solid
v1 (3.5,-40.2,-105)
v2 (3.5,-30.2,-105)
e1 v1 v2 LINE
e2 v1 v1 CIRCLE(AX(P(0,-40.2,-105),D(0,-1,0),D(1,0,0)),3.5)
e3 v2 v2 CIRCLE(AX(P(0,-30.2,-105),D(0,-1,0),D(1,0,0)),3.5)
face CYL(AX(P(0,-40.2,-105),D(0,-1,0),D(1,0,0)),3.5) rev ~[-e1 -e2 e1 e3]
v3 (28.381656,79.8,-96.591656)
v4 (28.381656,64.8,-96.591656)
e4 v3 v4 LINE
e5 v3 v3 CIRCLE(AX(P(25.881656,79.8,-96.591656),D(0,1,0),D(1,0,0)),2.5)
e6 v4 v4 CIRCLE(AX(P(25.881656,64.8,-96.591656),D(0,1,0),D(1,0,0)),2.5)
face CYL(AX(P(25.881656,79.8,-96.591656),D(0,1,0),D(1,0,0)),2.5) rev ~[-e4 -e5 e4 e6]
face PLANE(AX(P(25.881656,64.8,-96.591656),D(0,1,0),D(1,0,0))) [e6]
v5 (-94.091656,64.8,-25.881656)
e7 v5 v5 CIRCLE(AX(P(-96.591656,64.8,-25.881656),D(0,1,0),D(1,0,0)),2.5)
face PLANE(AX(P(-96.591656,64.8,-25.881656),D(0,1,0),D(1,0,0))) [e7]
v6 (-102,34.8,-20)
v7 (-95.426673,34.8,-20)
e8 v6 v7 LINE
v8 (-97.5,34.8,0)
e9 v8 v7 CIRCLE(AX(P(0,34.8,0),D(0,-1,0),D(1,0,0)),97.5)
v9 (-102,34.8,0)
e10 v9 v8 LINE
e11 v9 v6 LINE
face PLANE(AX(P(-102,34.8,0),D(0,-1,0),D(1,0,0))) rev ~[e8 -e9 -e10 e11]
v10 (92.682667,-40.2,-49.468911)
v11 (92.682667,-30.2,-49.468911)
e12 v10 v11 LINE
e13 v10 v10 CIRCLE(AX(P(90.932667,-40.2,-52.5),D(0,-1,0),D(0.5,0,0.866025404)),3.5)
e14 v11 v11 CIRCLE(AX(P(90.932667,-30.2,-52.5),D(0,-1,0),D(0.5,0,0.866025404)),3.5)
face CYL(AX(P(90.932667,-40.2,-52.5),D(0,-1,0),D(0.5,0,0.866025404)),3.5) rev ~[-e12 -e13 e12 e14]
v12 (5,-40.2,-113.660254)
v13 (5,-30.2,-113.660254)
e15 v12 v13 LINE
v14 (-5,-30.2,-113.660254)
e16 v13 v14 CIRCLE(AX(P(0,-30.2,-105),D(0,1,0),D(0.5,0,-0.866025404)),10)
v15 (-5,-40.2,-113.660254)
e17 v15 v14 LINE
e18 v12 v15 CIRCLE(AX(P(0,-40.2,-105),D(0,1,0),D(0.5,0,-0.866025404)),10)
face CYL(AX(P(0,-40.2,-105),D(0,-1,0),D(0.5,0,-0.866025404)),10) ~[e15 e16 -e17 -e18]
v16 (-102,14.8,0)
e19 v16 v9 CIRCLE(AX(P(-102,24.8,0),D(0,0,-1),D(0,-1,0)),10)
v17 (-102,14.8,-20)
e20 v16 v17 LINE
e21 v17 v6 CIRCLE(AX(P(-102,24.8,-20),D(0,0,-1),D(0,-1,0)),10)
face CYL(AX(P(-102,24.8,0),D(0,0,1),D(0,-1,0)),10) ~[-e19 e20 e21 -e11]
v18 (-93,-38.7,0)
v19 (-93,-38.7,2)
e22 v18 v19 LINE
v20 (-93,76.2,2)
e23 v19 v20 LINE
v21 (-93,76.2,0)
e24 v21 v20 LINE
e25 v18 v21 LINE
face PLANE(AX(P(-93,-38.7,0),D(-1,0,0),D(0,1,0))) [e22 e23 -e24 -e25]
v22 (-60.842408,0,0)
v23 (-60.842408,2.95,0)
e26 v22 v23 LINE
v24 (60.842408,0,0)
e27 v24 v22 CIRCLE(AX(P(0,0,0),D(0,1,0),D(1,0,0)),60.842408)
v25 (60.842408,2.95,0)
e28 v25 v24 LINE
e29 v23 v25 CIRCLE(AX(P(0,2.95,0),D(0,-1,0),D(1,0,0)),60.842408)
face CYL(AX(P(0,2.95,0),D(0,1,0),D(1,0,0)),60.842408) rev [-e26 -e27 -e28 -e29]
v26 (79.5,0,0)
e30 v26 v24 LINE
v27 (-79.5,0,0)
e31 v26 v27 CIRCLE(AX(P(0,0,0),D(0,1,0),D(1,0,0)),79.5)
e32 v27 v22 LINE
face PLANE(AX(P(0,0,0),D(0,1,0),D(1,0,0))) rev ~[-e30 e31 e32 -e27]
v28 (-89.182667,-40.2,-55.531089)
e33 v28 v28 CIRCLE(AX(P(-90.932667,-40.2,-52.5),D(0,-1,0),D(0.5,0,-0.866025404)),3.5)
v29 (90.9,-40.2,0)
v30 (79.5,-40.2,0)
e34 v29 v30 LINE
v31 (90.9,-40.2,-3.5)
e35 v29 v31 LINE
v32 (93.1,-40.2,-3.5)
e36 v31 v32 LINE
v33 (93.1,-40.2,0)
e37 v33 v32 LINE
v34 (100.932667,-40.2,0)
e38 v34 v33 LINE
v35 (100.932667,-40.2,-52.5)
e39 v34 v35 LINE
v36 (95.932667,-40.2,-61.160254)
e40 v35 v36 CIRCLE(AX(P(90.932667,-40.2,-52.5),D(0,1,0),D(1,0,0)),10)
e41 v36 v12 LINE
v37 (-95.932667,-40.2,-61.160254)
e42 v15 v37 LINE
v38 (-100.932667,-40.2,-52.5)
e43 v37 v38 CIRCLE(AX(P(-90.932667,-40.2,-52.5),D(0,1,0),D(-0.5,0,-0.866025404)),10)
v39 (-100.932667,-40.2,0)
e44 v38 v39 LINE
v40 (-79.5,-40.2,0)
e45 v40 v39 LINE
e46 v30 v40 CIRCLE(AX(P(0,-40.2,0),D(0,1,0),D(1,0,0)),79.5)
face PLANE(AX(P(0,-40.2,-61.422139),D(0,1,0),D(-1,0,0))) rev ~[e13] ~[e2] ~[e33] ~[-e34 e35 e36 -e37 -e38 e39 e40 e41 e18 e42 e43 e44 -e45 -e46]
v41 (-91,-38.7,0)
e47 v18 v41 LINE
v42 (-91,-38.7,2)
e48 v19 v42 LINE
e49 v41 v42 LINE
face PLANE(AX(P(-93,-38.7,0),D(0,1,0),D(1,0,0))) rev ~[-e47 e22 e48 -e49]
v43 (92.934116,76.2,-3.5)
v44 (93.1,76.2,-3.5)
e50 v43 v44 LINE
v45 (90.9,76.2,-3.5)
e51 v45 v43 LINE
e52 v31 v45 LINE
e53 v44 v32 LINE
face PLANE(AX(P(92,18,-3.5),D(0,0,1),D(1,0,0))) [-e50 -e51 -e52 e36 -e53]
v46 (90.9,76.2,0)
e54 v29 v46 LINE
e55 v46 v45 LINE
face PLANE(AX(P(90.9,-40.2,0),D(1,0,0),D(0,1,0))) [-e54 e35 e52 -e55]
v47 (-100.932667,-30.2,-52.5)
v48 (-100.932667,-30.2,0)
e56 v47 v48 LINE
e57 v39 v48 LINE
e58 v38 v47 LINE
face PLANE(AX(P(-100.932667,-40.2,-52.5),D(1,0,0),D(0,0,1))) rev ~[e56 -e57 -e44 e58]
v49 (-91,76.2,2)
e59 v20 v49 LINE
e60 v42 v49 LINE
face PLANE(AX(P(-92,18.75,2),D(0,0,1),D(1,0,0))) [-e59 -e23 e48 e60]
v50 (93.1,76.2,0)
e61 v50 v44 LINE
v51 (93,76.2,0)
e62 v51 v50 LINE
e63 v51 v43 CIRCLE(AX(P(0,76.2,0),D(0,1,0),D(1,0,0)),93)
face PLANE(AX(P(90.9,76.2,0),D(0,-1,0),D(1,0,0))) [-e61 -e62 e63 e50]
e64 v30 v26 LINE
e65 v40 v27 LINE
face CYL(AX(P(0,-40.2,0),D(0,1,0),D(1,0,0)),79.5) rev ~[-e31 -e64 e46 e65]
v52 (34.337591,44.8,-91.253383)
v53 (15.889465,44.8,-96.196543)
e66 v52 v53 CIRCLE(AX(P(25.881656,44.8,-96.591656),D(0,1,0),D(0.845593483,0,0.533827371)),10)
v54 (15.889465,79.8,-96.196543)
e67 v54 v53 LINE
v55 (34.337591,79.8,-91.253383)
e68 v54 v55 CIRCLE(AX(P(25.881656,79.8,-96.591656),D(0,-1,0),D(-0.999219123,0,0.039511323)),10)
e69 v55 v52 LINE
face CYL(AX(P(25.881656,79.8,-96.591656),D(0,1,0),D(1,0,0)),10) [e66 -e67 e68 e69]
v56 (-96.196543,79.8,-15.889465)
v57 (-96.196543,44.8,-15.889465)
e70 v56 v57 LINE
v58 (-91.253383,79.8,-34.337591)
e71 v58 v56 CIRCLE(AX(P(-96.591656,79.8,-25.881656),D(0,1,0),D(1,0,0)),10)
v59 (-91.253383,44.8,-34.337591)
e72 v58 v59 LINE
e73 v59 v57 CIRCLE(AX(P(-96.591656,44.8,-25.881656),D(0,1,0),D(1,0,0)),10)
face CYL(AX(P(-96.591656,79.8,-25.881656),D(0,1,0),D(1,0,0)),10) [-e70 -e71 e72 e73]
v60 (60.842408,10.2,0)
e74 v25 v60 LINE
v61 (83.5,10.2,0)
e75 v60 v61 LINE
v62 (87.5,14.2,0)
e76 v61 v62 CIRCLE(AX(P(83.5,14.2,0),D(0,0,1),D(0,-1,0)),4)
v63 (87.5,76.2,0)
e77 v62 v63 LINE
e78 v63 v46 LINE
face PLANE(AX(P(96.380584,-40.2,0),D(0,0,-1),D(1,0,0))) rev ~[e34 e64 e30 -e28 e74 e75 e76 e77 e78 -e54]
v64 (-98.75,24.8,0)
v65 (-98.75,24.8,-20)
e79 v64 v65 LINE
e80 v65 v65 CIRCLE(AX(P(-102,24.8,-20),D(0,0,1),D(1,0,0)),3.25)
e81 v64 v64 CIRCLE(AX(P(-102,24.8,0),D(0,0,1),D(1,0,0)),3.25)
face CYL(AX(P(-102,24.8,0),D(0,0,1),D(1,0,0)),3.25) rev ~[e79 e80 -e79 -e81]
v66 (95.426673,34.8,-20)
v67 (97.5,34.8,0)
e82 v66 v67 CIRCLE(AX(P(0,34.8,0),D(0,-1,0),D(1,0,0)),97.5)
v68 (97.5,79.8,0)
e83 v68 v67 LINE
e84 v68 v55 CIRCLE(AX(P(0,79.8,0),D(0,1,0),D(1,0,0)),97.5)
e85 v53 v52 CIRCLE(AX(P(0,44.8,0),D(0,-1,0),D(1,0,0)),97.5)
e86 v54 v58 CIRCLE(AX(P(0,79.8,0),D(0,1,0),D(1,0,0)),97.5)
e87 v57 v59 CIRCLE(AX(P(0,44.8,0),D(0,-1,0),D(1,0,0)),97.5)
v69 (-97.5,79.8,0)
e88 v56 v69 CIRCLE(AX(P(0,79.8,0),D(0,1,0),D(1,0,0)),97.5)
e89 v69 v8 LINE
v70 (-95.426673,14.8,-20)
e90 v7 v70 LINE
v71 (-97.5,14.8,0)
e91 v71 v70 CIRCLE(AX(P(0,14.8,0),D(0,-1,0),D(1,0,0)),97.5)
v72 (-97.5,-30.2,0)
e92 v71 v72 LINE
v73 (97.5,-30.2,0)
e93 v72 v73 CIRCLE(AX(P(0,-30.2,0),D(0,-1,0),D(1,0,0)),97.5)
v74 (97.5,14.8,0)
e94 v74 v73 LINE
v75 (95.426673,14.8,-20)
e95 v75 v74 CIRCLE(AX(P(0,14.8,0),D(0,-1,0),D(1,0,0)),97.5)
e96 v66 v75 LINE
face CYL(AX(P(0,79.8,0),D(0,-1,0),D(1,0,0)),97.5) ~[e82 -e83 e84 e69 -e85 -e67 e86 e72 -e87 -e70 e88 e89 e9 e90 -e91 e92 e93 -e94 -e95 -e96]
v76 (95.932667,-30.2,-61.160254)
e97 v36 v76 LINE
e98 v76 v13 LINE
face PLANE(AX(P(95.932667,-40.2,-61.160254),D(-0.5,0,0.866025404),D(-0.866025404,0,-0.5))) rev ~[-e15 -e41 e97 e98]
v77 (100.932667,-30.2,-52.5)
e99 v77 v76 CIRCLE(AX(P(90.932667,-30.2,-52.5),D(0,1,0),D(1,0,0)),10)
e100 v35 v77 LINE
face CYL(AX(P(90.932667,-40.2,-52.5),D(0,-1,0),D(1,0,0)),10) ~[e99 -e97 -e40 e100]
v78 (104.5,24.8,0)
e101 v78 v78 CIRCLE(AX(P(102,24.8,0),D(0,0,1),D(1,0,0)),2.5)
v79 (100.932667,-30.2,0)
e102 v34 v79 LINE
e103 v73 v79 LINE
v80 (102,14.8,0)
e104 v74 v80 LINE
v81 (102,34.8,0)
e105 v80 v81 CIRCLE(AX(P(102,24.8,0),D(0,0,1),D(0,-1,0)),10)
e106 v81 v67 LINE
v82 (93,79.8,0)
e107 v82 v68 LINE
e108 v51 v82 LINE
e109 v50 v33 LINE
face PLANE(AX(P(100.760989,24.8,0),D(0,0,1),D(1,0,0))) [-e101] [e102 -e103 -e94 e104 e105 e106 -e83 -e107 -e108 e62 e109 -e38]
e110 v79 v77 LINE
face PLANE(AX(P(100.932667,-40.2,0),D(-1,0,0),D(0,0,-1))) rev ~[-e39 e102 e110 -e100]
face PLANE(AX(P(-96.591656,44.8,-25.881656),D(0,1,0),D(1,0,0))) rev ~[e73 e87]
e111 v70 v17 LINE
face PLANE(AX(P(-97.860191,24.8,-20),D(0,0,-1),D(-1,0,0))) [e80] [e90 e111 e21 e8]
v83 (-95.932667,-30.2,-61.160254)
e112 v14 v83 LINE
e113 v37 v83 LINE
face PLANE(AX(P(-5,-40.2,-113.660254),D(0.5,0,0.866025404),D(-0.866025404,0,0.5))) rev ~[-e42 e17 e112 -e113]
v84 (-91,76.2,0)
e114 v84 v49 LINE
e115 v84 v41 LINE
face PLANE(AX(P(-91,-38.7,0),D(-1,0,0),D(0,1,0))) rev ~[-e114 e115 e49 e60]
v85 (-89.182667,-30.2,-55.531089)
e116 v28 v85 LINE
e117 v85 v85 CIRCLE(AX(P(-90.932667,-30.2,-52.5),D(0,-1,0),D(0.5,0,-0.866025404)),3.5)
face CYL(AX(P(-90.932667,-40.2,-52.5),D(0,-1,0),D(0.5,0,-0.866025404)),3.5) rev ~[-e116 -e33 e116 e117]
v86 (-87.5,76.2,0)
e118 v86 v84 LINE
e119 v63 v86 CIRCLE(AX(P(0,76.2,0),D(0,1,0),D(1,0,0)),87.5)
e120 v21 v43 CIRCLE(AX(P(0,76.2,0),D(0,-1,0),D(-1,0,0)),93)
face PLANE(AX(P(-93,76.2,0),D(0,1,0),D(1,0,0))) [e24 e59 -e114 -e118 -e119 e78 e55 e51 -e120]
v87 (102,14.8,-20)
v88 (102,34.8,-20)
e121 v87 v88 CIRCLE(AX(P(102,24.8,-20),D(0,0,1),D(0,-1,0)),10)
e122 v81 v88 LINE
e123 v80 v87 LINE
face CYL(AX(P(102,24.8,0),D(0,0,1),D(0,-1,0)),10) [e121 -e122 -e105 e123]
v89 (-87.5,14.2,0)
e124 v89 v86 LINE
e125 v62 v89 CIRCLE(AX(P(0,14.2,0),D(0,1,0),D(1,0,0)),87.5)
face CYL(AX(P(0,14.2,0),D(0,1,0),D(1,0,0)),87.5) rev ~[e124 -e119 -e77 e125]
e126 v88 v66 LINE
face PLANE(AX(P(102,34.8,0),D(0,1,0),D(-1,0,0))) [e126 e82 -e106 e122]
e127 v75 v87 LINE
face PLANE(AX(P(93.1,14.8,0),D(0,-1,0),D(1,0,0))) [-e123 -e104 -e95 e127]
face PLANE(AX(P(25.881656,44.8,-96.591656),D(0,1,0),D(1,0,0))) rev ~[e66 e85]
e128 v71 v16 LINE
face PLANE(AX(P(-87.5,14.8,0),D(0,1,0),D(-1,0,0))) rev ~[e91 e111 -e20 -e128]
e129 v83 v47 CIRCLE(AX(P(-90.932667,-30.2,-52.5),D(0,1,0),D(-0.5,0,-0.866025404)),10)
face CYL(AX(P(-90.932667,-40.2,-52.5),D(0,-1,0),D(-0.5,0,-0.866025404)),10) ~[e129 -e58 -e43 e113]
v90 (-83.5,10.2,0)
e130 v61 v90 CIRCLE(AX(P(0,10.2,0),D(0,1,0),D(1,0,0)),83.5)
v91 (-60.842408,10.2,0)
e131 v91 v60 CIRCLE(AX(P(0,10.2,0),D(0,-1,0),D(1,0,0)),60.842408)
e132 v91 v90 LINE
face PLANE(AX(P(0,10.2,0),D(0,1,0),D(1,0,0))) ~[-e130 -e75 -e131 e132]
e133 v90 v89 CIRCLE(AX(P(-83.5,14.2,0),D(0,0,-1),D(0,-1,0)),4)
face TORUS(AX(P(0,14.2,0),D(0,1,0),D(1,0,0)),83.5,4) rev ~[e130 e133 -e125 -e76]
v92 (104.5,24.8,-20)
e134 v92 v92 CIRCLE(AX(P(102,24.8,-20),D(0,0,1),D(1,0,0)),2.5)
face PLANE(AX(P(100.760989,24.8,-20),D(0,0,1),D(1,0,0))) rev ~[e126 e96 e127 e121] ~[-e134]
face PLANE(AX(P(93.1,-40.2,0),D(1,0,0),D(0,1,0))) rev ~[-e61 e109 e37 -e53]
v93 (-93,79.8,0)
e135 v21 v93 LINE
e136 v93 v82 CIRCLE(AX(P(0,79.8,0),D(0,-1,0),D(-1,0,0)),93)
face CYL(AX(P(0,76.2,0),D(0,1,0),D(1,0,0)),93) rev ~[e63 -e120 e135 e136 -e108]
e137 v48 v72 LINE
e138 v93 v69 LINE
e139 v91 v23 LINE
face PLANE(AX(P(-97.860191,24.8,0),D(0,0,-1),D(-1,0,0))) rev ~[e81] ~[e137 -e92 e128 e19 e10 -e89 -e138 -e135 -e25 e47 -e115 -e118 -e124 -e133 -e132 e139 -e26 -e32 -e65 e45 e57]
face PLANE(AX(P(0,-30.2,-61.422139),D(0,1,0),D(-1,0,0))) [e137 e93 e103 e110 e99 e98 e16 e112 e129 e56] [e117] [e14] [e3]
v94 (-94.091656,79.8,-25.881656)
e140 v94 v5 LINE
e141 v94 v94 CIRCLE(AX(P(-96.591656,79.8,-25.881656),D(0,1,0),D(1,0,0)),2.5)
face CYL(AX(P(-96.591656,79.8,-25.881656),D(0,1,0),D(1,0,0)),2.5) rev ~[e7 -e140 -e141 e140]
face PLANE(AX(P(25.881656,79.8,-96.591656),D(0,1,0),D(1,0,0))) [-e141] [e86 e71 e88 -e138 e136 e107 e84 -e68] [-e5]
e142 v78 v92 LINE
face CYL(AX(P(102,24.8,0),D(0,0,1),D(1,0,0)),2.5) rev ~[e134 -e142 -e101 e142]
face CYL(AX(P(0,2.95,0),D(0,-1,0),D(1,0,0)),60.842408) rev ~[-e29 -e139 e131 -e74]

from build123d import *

# Parameters (mm, degrees)
REVOLU_O2_ANGLE             = 180
ESBO_O4_R                   = 10
RESSALTO_EXTRUS_O1_DEPTH    = 35
RESSALTO_EXTRUS_O10_DEPTH   = 10
ESBO_O8_R                   = 3.5
CORTE_EXTRUS_O2_DEPTH       = 20
PADR_OCIRCULAR1_COUNT       = 6
ESBO_O6_R                   = 2.5
CORTE_EXTRUS_O1_DEPTH       = 15
ESBO_O9_R                   = 1.25
CORTE_EXTRUS_O3_DEPTH       = 6
ESBO_O10_W                  = 2.2
ESBO_O10_H                  = 116.4
CORTE_EXTRUS_O4_DEPTH       = 3.5
ESBO_O11_W                  = 2
ESBO_O11_H                  = 114.9
RESSALTO_EXTRUS_O5_DEPTH    = 2
ESBO_O12_R                  = 3.25
RESSALTO_EXTRUS_O6_DEPTH    = 20
ESBO_O13_R                  = 2.5
RESSALTO_EXTRUS_O7_DEPTH    = 20
ESBO_O16_R                  = 93
CORTE_EXTRUS_O6_DEPTH       = 10
ESBO_O25_R                  = 60.842408243
CORTE_EXTRUS_O10_DEPTH      = 44.15
CORTE_EXTRUS_O10_DEPTH_BACK = 77.85


with BuildPart() as part:
    # Esbo_o3 → Revolu_o2 (revolve)
    with BuildSketch(Plane.XY):
        with BuildLine():
            Line((97.5, 79.8), (97.5, 11.304491341))
            Line((97.5, 11.304491341), (97.5, 0))
            Line((97.5, 0), (97.5, -40.2))
            Line((97.5, -40.2), (79.5, -40.2))
            Line((79.5, -40.2), (79.5, 0))
            Line((79.5, 0), (60.342408243, 0))
            Line((60.342408243, 0), (60.342408243, 2.95))
            Line((60.342408243, 2.95), (52, 2.95))
            Line((52, 2.95), (44, 10.95))
            Line((44, 10.95), (31, 10.95))
            Line((31, 10.95), (31, 13.7))
            Line((31, 13.7), (22.6, 13.7))
            Line((22.6, 13.7), (22.6, 17))
            Line((22.6, 17), (19.3, 17))
            Line((19.3, 17), (19.3, 17.7))
            Line((19.3, 17.7), (15.3, 17.7))
            Line((15.3, 17.7), (15.3, 21.05))
            Line((15.3, 21.05), (19.3, 21.05))
            Line((19.3, 21.05), (19.3, 21.2))
            Line((19.3, 21.2), (27.626549127, 25.96))
            Line((27.626549127, 25.96), (31.3, 25.96))
            Line((31.3, 25.96), (31.3, 43.96))
            Line((31.3, 43.96), (32.3, 44.96))
            Line((32.3, 44.96), (38.8, 44.96))
            Line((38.8, 44.96), (38.8, 26.9))
            Line((38.8, 26.9), (55.5, 10.2))
            Line((55.5, 10.2), (83.5, 10.2))
            ThreePointArc((83.5, 10.2), (86.328427125, 11.371572875), (87.5, 14.2))
            Line((87.5, 14.2), (87.5, 76.2))
            Line((87.5, 76.2), (93, 76.2))
            Line((93, 76.2), (93, 79.8))
            Line((93, 79.8), (97.5, 79.8))
        make_face()
    revolve(axis=Axis((0, -3.322055656, 0), (0, 1, 0)), revolution_arc=REVOLU_O2_ANGLE)

    # Esbo_o4 → Ressalto-extrus_o1 (add)
    with BuildSketch(Plane(origin=(0, 79.8, 0), x_dir=(1, 0, 0), z_dir=(0, 1, 0))):
        with Locations((25.881656302, 96.591656302)):
            Circle(ESBO_O4_R)
        with Locations((-96.591656302, 25.881656302)):
            Circle(ESBO_O4_R)
    extrude(amount=-RESSALTO_EXTRUS_O1_DEPTH)

    # Esbo_o23 → Ressalto-extrus_o10 (add)
    with BuildSketch(Plane.XZ.offset(40.2)):
        with BuildLine():
            Line((95.932667397, -61.160254038), (5, -113.660254038))
            ThreePointArc((5, -113.660254038), (0, -115), (-5, -113.660254038))
            Line((-5, -113.660254038), (-95.932667397, -61.160254038))
            ThreePointArc((-95.932667397, -61.160254038), (-99.592921435, -57.5), (-100.932667397, -52.5))
            Line((-100.932667397, -52.5), (-100.932667397, 0))
            Line((-100.932667397, 0), (-96.380584002, 0))
            ThreePointArc((-96.380584002, 0), (0, -96.380584002), (96.380584002, 0))
            Line((96.380584002, 0), (100.932667397, 0))
            Line((100.932667397, 0), (100.932667397, -52.5))
            ThreePointArc((100.932667397, -52.5), (99.592921435, -57.5), (95.932667397, -61.160254038))
        make_face()
    extrude(amount=-RESSALTO_EXTRUS_O10_DEPTH)

    # Esbo_o8 → Corte-extrus_o2 (cut)
    with BuildSketch(Plane.XZ.offset(40.2)):
        with Locations((0, -105)):
            Circle(ESBO_O8_R)
    corte_extrus_o2 = extrude(amount=-CORTE_EXTRUS_O2_DEPTH, mode=Mode.SUBTRACT)

    # Padr_oCircular1: Corte-extrus_o2 ×6 about axis
    padr_ocircular1_axis = Axis((0, 0, 0), (0, 1, 0))
    for i in range(1, PADR_OCIRCULAR1_COUNT):
        add(corte_extrus_o2.rotate(padr_ocircular1_axis, i * 360 / PADR_OCIRCULAR1_COUNT), mode=Mode.SUBTRACT)

    # Esbo_o6 → Corte-extrus_o1 (cut)
    with BuildSketch(Plane(origin=(0, 79.8, 0), x_dir=(1, 0, 0), z_dir=(0, 1, 0))):
        with Locations((25.881656302, 96.591656302)):
            Circle(ESBO_O6_R)
        with Locations((-96.591656302, 25.881656302)):
            Circle(ESBO_O6_R)
    extrude(amount=-CORTE_EXTRUS_O1_DEPTH, mode=Mode.SUBTRACT)

    # Esbo_o9 → Corte-extrus_o3 (cut)
    with BuildSketch(Plane.XZ.offset(-13.7)):
        with Locations((18.738329701, -18.738329701)):
            Circle(ESBO_O9_R)
        with Locations((-18.738329701, -18.738329701)):
            Circle(ESBO_O9_R)
        with Locations((-18.738329701, 18.738329701)):
            Circle(ESBO_O9_R)
        with Locations((18.738329701, 18.738329701)):
            Circle(ESBO_O9_R)
    extrude(amount=-CORTE_EXTRUS_O3_DEPTH, mode=Mode.SUBTRACT)

    # Esbo_o10 → Corte-extrus_o4 (cut)
    with BuildSketch(Plane.XY):
        with Locations((92, 18)):
            Rectangle(ESBO_O10_W, ESBO_O10_H)
    extrude(amount=-CORTE_EXTRUS_O4_DEPTH, mode=Mode.SUBTRACT)

    # Esbo_o11 → Ressalto-extrus_o5 (add)
    with BuildSketch(Plane.XY):
        with Locations((-92, 18.75)):
            Rectangle(ESBO_O11_W, ESBO_O11_H)
    extrude(amount=RESSALTO_EXTRUS_O5_DEPTH)

    # Esbo_o12 → Ressalto-extrus_o6 (add)
    with BuildSketch(Plane.XY):
        with BuildLine():
            Line((-102, 34.8), (-87.5, 34.8))
            Line((-87.5, 34.8), (-87.5, 14.8))
            Line((-87.5, 14.8), (-102, 14.8))
            ThreePointArc((-102, 14.8), (-112, 24.8), (-102, 34.8))
        make_face()
        with Locations((-102, 24.8)):
            Circle(ESBO_O12_R, mode=Mode.SUBTRACT)
    extrude(amount=-RESSALTO_EXTRUS_O6_DEPTH)

    # Esbo_o13 → Ressalto-extrus_o7 (add)
    with BuildSketch(Plane.XY):
        with BuildLine():
            Line((102, 34.8), (93.1, 34.8))
            Line((93.1, 34.8), (93.1, 14.8))
            Line((93.1, 14.8), (102, 14.8))
            ThreePointArc((102, 14.8), (112, 24.8), (102, 34.8))
        make_face()
        with Locations((102, 24.8)):
            Circle(ESBO_O13_R, mode=Mode.SUBTRACT)
    extrude(amount=-RESSALTO_EXTRUS_O7_DEPTH)

    # Esbo_o16 → Corte-extrus_o6 (cut)
    with BuildSketch(Plane(origin=(0, 76.2, 0), x_dir=(1, 0, 0), z_dir=(0, 1, 0))):
        Circle(ESBO_O16_R)
    extrude(amount=CORTE_EXTRUS_O6_DEPTH, mode=Mode.SUBTRACT)

    # Esbo_o25 → Corte-extrus_o10 (cut, two sides)
    with BuildSketch(Plane.XZ.offset(-2.95)) as corte_extrus_o10_sk:
        Circle(ESBO_O25_R)
    extrude(amount=CORTE_EXTRUS_O10_DEPTH, mode=Mode.SUBTRACT)
    extrude(corte_extrus_o10_sk.sketch, amount=-CORTE_EXTRUS_O10_DEPTH_BACK, mode=Mode.SUBTRACT)


solid = part.part
